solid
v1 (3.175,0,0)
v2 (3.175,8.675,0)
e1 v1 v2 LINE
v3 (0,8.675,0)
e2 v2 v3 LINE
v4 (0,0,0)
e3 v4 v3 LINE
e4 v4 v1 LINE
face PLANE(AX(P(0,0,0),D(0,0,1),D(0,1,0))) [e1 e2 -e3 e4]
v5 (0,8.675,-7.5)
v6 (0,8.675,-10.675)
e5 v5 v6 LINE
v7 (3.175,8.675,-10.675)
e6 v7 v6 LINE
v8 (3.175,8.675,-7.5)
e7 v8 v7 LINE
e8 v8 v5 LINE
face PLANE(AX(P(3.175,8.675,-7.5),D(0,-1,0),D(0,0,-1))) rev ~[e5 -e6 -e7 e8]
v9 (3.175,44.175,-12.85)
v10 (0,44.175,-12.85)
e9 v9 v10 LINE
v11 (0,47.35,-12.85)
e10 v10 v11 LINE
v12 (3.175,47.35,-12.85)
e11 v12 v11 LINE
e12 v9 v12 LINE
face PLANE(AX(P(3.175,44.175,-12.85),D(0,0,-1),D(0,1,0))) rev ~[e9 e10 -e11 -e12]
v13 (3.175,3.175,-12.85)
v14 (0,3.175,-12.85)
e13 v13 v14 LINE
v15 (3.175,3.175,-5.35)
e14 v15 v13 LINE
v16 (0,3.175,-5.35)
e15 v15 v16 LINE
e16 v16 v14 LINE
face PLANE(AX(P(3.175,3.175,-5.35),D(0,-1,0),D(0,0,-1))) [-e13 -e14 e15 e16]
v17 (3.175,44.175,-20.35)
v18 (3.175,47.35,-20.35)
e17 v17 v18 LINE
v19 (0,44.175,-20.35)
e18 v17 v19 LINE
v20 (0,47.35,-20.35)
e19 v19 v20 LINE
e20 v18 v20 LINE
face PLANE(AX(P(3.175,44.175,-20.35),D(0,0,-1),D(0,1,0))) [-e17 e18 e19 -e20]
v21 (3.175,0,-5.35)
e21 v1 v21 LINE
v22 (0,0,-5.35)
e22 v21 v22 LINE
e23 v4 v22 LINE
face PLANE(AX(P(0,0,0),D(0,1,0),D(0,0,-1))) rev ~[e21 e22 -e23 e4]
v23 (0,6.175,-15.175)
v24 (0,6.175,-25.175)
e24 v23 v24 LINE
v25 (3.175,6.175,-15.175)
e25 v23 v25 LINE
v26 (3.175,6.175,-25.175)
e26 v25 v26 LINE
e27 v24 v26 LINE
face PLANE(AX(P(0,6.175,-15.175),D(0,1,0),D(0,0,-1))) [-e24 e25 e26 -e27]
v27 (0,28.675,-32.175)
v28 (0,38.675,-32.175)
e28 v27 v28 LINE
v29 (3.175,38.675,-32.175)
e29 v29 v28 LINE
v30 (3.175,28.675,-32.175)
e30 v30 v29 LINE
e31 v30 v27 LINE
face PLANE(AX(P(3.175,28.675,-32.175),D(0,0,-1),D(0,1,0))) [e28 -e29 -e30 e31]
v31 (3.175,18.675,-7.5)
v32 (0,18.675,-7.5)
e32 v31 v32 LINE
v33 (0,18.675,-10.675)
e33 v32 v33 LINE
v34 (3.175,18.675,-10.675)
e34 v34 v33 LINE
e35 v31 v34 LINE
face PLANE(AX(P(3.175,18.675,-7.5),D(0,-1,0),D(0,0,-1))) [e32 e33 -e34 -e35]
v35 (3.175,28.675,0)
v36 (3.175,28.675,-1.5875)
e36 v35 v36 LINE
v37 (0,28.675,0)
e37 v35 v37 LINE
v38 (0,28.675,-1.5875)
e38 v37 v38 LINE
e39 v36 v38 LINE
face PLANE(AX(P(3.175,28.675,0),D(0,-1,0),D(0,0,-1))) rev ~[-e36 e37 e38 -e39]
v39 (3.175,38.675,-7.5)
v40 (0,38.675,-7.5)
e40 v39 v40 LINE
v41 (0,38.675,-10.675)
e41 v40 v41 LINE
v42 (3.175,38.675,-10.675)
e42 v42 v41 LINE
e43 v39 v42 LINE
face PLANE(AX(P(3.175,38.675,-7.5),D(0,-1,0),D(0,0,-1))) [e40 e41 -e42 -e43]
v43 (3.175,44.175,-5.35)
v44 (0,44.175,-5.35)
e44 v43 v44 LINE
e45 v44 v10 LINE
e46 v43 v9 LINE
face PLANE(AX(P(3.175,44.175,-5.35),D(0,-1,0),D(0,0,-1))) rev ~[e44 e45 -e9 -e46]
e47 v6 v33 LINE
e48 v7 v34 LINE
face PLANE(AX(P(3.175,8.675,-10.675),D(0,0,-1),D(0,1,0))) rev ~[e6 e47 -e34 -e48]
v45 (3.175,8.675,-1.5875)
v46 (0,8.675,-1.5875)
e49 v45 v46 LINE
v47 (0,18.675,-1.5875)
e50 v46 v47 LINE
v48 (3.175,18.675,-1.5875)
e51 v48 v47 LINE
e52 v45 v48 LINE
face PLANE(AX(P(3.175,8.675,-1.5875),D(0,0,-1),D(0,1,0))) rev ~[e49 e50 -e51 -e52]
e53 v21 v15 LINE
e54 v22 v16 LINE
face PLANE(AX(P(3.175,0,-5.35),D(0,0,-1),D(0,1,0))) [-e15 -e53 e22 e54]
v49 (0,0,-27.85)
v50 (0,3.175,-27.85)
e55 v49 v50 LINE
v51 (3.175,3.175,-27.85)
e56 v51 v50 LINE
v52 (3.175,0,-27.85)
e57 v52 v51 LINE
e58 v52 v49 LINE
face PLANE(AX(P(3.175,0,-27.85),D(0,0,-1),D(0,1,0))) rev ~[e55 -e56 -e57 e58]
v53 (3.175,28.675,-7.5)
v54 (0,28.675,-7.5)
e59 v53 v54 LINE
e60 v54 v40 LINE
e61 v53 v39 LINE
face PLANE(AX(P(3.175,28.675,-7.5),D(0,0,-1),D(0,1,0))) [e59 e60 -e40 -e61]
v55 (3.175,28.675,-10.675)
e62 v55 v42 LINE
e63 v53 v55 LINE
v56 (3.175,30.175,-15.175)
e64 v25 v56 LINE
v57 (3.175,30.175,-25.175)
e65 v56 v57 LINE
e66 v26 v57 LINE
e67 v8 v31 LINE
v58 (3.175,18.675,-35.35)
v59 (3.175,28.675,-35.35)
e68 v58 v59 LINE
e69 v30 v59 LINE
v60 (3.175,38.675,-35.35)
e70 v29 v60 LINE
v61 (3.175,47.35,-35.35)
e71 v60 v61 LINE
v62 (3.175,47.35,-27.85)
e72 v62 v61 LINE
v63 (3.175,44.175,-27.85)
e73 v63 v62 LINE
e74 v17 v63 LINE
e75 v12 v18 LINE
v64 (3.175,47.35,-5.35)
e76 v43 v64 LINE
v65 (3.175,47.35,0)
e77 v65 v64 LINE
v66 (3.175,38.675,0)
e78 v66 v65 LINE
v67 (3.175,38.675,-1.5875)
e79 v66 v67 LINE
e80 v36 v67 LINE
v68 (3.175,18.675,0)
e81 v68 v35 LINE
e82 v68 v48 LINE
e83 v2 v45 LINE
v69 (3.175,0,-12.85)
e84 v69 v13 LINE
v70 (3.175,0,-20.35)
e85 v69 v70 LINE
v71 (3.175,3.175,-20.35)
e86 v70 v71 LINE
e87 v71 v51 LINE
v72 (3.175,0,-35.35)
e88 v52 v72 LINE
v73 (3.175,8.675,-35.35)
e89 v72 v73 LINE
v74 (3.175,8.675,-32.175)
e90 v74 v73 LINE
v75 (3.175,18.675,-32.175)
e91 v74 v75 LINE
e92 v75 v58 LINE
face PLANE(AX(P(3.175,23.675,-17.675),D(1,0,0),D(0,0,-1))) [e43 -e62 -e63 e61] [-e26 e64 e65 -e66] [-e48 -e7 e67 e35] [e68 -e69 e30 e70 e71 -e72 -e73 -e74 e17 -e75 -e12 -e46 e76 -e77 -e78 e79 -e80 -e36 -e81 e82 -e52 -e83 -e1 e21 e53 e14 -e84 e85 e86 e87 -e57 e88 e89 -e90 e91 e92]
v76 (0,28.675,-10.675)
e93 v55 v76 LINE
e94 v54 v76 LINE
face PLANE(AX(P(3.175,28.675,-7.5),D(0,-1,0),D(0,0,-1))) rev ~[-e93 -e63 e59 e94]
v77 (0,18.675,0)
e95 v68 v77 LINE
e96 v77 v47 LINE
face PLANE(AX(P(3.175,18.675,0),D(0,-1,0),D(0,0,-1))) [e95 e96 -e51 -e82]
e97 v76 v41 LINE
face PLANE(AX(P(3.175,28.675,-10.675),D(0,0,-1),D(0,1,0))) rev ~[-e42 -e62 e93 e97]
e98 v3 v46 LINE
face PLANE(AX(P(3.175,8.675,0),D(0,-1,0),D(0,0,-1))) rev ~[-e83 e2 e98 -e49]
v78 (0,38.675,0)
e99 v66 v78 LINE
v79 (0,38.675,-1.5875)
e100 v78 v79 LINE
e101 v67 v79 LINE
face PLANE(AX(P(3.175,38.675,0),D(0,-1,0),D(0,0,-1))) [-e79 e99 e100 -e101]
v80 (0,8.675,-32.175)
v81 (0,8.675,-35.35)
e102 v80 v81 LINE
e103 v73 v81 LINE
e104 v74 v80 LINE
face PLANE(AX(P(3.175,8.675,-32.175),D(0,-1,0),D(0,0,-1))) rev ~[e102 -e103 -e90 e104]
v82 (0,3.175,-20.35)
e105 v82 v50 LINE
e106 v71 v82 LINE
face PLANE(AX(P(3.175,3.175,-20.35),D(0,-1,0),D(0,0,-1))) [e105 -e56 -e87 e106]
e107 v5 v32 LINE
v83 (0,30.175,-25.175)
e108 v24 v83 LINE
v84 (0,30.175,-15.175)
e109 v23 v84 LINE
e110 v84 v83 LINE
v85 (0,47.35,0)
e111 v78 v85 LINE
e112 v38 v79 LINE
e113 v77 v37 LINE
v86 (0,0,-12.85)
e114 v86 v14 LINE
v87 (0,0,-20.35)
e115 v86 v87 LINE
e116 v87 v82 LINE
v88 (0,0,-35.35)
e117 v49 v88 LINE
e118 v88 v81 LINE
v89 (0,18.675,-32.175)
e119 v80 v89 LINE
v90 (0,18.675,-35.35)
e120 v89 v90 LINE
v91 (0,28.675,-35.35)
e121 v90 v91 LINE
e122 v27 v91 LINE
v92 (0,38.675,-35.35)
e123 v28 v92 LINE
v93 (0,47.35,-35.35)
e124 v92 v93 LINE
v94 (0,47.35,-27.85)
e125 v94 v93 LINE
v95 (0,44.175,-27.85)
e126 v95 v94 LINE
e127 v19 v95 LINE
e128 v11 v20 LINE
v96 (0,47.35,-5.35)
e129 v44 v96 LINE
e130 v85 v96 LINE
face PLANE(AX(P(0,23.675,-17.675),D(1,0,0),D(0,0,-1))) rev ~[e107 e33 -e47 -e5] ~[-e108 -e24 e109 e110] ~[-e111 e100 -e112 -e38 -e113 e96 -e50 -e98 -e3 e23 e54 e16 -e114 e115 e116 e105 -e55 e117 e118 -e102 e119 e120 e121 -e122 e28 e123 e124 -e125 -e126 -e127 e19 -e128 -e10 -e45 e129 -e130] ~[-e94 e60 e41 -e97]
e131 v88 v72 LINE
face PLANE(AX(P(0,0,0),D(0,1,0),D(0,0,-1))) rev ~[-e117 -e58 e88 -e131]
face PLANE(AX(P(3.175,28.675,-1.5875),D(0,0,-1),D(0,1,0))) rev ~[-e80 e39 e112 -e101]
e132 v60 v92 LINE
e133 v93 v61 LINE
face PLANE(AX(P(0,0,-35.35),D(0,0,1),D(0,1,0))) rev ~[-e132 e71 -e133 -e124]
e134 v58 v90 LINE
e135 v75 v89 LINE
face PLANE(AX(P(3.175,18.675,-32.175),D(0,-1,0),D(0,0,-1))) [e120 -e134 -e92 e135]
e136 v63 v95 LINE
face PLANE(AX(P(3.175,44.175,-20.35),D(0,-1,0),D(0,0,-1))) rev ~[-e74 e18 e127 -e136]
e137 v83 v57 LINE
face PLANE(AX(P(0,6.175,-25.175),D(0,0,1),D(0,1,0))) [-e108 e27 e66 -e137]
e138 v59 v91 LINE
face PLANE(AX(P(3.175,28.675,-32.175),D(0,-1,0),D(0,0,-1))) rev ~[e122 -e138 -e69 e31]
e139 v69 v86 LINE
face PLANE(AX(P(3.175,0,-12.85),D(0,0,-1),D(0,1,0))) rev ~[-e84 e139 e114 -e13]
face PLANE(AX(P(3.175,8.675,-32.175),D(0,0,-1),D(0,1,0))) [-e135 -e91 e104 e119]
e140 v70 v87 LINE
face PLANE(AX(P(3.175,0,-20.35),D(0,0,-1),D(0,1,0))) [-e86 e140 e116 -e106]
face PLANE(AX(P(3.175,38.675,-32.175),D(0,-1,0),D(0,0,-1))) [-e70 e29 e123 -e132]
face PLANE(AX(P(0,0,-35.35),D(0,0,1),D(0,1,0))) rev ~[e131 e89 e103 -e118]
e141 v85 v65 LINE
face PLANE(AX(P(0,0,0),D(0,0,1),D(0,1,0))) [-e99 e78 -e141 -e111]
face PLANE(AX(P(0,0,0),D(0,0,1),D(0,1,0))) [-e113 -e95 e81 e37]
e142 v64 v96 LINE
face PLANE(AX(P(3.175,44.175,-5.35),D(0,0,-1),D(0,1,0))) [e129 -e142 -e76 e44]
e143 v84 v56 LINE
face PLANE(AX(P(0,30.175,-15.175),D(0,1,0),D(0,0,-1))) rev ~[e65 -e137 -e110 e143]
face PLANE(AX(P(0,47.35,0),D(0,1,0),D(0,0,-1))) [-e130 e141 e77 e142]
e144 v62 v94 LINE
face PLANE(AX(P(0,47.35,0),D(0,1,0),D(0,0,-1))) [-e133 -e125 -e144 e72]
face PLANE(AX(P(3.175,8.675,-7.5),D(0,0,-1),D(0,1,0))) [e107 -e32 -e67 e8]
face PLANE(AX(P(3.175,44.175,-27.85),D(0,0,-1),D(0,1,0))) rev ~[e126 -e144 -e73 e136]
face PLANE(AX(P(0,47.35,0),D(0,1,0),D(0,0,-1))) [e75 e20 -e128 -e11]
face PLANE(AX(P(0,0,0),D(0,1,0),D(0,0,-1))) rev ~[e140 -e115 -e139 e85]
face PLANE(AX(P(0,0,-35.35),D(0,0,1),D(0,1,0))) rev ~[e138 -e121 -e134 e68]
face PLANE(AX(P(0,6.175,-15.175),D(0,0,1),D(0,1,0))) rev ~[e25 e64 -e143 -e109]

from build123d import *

# Parameters (mm, degrees)
SKETCH1_W           = 35.35
SKETCH1_H           = 47.35
SKETCH1_W_2         = 10
SKETCH1_H_2         = 24
BOSS_EXTRUDE1_DEPTH = 3.175
SKETCH2_W           = 3.175
SKETCH2_H           = 10
SKETCH2_W_2         = 1.5875
SKETCH2_W_3         = 7.5
SKETCH2_H_2         = 3.175
CUT_EXTRUDE1_DEPTH  = 4.175


with BuildPart() as part:
    # Sketch1 → Boss-Extrude1 (new body)
    with BuildSketch(Plane(origin=(0, 0, 0), x_dir=(0, 0, -1), z_dir=(1, 0, 0))):
        with Locations((17.675, 23.675)):
            Rectangle(SKETCH1_W, SKETCH1_H)
        with Locations((20.175, 18.175)):
            Rectangle(SKETCH1_W_2, SKETCH1_H_2, mode=Mode.SUBTRACT)
    extrude(amount=BOSS_EXTRUDE1_DEPTH)

    # Sketch2 → Cut-Extrude1 (cut, through all)
    with BuildSketch(Plane(origin=(3.175, 0, 0), x_dir=(0, 0, -1), z_dir=(1, 0, 0))):
        with Locations((33.7625, 33.675)):
            Rectangle(SKETCH2_W, SKETCH2_H)
        with Locations((33.7625, 13.675)):
            Rectangle(SKETCH2_W, SKETCH2_H)
        with Locations((9.0875, 13.675)):
            Rectangle(SKETCH2_W, SKETCH2_H)
        with Locations((9.0875, 33.675)):
            Rectangle(SKETCH2_W, SKETCH2_H)
        with Locations((0.79375, 33.675)):
            Rectangle(SKETCH2_W_2, SKETCH2_H)
        with Locations((0.79375, 13.675)):
            Rectangle(SKETCH2_W_2, SKETCH2_H)
        with Locations((24.1, 45.7625)):
            Rectangle(SKETCH2_W_3, SKETCH2_H_2)
        with Locations((9.1, 45.7625)):
            Rectangle(SKETCH2_W_3, SKETCH2_H_2)
        with Locations((9.1, 1.5875)):
            Rectangle(SKETCH2_W_3, SKETCH2_H_2)
        with Locations((24.1, 1.5875)):
            Rectangle(SKETCH2_W_3, SKETCH2_H_2)
    extrude(amount=-CUT_EXTRUDE1_DEPTH, mode=Mode.SUBTRACT)


solid = part.part
